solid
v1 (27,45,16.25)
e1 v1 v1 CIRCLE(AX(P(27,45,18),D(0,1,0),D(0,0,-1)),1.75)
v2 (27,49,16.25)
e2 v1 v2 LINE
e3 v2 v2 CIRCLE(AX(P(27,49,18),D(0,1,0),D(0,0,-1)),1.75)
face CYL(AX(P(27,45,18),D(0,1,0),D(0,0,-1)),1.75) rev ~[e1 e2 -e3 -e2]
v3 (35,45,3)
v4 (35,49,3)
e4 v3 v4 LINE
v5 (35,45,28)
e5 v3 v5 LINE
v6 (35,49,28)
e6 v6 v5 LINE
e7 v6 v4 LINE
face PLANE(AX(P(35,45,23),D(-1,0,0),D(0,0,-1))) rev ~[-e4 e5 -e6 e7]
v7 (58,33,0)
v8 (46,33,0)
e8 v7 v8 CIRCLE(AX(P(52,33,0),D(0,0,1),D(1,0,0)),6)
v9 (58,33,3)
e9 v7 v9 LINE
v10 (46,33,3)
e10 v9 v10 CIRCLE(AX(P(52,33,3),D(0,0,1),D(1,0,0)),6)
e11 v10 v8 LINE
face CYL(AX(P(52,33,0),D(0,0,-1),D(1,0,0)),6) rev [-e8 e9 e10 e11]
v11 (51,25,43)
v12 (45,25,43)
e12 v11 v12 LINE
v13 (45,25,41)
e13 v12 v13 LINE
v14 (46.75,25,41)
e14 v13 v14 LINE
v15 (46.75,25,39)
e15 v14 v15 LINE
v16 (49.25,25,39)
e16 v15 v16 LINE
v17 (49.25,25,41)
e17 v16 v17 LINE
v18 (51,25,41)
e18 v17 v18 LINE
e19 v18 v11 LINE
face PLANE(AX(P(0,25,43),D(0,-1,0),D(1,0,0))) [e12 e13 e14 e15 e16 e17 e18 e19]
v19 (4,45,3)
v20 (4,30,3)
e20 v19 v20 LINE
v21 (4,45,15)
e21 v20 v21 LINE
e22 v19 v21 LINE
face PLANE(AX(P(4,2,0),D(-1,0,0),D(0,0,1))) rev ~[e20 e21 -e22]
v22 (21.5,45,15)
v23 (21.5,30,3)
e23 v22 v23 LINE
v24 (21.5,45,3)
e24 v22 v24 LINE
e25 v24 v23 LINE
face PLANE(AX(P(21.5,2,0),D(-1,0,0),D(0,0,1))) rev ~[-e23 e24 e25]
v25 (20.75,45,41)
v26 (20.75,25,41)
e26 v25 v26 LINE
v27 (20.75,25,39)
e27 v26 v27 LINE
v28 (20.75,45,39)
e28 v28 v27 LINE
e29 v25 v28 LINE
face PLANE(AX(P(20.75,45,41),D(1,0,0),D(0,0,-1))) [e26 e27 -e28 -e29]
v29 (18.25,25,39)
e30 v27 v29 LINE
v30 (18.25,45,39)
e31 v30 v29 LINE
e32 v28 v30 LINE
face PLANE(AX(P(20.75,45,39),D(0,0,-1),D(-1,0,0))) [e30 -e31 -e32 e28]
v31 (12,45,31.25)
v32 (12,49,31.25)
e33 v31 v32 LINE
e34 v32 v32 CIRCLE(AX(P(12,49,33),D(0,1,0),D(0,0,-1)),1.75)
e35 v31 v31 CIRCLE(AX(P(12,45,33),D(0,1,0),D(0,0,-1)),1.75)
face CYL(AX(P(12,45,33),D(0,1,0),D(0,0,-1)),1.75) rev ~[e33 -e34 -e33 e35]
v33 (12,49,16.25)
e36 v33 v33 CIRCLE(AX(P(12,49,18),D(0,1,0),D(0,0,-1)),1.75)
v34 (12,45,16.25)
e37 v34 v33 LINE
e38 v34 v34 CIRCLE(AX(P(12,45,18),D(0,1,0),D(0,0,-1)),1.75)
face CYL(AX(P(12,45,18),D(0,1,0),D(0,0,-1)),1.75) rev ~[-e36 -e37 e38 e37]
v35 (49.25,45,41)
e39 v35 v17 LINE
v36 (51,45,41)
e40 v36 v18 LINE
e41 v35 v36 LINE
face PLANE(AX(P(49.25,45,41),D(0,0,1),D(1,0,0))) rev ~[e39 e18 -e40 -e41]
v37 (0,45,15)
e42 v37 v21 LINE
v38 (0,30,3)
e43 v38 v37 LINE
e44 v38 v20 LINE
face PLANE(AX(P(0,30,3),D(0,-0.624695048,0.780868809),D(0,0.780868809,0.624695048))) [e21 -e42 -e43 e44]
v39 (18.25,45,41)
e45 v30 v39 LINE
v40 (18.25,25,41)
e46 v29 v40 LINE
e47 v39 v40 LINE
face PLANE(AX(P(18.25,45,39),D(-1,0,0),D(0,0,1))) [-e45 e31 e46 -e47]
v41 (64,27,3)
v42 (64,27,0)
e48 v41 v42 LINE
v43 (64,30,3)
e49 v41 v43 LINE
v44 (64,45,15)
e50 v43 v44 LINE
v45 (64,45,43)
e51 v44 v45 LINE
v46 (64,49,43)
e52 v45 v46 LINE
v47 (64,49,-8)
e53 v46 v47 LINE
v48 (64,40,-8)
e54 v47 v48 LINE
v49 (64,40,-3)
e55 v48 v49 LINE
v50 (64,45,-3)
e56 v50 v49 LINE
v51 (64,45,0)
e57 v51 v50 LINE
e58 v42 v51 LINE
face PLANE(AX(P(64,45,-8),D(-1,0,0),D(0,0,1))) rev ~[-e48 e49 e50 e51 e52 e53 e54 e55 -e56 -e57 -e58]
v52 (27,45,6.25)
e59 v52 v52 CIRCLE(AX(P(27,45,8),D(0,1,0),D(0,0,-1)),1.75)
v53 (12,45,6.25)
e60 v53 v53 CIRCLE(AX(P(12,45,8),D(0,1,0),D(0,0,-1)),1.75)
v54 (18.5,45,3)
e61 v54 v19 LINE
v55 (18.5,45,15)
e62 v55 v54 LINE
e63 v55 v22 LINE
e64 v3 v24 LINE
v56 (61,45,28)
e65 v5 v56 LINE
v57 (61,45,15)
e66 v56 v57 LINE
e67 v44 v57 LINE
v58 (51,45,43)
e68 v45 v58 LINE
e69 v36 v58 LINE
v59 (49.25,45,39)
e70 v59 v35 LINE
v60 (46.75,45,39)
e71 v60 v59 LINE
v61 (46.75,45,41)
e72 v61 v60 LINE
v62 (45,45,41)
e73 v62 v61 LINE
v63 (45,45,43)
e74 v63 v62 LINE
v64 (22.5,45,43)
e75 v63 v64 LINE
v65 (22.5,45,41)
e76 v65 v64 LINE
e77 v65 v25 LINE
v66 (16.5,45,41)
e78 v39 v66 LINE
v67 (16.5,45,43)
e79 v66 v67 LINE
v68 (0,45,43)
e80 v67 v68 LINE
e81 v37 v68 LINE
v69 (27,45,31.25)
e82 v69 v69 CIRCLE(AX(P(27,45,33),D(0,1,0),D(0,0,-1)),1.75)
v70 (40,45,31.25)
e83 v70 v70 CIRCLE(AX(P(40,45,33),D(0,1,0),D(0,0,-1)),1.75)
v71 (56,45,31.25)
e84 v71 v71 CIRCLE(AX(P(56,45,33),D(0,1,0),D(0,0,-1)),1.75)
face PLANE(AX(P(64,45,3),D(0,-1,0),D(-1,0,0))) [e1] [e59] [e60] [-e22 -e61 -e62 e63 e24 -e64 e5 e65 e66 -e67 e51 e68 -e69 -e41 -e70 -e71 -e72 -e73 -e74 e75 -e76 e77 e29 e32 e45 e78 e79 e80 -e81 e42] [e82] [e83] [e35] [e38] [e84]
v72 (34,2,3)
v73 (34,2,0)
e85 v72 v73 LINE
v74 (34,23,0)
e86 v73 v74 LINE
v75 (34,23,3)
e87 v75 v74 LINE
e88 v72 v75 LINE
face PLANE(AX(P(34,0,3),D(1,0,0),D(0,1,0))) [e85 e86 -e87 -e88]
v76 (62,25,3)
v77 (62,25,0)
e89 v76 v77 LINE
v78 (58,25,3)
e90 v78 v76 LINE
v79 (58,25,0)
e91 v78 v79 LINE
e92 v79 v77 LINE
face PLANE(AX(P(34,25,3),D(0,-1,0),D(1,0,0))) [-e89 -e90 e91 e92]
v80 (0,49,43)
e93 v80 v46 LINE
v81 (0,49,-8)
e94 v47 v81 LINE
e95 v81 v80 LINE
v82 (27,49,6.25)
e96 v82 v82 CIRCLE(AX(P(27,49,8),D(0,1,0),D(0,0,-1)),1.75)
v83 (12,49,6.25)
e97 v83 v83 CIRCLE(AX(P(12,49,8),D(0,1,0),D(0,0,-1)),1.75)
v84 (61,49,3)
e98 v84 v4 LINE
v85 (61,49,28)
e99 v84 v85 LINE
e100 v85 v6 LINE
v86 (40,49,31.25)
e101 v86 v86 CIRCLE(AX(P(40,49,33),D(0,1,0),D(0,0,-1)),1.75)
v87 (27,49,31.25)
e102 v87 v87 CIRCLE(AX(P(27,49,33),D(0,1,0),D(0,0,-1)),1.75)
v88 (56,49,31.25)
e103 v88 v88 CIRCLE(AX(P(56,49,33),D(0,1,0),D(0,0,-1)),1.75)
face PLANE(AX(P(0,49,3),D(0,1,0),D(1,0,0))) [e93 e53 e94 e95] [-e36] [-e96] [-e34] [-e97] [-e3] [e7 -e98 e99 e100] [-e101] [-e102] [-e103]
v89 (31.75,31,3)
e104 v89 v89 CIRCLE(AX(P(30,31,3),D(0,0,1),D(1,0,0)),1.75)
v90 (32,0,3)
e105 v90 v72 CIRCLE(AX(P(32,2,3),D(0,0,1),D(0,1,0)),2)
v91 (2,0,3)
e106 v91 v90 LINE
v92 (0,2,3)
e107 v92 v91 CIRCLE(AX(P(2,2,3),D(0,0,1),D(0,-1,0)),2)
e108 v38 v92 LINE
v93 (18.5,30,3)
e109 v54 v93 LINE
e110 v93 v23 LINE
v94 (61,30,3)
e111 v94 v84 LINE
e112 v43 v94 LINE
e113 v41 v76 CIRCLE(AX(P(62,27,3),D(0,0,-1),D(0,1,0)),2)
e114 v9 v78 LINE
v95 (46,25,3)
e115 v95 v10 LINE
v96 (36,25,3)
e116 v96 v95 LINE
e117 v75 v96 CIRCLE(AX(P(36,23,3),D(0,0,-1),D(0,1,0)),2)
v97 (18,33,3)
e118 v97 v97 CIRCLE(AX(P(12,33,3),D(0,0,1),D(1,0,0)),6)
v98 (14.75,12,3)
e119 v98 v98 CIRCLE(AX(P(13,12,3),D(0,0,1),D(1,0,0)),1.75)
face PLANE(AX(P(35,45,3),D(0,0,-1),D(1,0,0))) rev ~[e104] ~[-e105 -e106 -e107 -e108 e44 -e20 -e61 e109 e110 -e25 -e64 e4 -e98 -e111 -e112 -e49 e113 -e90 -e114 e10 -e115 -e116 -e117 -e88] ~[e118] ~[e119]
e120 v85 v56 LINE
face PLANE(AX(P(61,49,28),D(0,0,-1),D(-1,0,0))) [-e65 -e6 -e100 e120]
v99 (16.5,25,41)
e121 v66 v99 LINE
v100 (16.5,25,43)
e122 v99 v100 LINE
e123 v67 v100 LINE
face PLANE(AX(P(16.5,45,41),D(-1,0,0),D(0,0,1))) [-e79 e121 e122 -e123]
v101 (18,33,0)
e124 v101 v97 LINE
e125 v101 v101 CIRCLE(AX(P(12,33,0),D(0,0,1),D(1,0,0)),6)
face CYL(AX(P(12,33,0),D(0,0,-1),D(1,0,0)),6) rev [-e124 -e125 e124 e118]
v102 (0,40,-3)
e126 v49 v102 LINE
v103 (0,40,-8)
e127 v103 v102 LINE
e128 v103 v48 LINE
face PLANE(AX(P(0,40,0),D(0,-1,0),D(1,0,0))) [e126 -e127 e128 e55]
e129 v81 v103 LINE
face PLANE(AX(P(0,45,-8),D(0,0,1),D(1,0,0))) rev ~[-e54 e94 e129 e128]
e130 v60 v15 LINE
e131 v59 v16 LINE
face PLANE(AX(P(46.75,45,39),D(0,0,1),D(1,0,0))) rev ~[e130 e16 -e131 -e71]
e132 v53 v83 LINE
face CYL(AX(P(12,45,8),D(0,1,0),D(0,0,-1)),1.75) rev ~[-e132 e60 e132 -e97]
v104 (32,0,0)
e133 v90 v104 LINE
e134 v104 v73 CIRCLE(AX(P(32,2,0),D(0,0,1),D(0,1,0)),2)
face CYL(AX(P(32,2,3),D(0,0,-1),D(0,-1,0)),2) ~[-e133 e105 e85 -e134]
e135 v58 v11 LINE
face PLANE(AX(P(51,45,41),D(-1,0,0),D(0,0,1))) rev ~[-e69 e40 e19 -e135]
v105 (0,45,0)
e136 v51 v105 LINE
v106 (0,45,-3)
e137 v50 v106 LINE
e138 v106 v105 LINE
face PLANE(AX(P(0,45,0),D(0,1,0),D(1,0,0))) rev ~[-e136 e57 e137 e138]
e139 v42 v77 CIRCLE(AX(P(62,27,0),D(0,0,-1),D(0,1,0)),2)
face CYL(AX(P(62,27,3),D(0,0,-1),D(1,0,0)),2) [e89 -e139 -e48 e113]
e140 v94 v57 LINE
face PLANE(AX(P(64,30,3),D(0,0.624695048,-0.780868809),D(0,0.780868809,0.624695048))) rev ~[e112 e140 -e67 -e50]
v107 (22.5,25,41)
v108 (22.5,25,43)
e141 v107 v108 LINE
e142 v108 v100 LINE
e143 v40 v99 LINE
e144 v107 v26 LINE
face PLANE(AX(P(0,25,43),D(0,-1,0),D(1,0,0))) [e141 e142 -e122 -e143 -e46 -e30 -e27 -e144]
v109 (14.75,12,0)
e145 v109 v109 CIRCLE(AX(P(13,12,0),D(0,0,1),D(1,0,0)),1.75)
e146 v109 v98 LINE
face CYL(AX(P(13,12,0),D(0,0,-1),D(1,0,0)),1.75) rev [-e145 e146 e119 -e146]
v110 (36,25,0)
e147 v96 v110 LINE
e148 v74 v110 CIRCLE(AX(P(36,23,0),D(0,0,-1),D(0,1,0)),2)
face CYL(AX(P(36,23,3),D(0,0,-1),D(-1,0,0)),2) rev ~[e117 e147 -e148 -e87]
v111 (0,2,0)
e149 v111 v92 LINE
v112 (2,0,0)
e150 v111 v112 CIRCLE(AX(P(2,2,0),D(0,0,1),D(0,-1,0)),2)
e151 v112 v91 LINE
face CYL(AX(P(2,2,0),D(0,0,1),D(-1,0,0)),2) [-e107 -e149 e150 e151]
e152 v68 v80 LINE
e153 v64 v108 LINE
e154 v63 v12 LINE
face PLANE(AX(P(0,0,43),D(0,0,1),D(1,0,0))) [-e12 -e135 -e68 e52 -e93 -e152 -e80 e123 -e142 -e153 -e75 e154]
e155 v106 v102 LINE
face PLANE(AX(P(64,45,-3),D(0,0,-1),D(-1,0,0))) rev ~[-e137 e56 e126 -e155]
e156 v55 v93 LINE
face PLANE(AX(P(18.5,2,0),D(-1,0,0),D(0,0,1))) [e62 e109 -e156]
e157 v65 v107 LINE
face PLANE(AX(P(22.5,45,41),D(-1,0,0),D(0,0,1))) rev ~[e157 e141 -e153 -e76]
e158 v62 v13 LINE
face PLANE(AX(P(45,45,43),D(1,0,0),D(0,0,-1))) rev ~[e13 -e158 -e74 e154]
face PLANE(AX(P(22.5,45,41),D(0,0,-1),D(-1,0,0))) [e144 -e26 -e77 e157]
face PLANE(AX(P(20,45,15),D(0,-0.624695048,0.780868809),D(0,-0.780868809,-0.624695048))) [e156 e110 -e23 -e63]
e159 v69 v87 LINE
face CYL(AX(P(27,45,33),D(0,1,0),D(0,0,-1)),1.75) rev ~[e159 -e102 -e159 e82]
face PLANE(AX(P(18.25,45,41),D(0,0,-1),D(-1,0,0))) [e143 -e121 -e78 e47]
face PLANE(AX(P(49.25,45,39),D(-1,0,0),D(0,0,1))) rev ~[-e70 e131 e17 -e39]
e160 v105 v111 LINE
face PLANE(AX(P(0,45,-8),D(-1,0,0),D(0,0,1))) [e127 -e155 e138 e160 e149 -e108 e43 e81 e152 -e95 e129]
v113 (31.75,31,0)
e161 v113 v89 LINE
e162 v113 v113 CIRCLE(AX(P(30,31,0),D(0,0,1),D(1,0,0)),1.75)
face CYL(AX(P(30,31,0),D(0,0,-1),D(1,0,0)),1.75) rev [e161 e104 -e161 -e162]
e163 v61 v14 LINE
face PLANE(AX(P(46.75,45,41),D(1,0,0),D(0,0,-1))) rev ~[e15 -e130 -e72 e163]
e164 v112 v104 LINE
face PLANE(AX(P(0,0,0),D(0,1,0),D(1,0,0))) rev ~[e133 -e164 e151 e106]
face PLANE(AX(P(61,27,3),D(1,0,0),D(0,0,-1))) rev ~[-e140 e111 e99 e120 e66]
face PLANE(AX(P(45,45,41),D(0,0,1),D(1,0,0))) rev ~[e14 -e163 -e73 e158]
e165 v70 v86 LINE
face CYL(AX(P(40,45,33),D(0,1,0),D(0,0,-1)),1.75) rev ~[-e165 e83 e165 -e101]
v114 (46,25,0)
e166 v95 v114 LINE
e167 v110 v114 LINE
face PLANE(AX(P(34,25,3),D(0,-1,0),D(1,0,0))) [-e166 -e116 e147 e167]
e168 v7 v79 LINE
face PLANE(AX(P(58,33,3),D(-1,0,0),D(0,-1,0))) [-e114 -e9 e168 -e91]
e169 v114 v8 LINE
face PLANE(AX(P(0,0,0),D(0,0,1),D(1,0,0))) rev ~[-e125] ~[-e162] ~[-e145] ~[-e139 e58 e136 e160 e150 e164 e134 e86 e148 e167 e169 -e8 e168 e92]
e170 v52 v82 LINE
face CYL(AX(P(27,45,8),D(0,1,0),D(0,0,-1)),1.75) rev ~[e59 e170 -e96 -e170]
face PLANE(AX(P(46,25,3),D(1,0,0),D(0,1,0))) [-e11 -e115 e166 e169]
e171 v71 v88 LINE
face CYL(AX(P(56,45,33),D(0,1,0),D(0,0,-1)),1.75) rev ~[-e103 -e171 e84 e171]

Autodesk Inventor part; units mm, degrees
ref_plane "YZ Plane" through (0, 0, 0) normal (1, 0, 0) x (0, 1, 0)
ref_plane "XZ Plane" through (0, 0, 0) normal (0, 1, 0) x (-1, 0, 0)
sketch "Sketch1" plane through (0, 0, 0) normal (0, 0, 1) x (1, 0, 0)
  line L0 (0, 0) -> (64, 0)
  line L1 (64, 0) -> (64, 45)
  line L2 (64, 45) -> (0, 45)
  line L3 (0, 45) -> (0, 0)
  circle A0 centre (12, 33) radius 6
  circle A1 centre (52, 33) radius 6
  circle A2 centre (30, 31) radius 1.75
  circle A3 centre (13, 12) radius 1.75
  dimension "d0" = 64
  dimension "d1" = 45
  dimension "d2" = 12
  dimension "d3" = 12
  dimension "d4" = 12
  dimension "d5" = 12
  dimension "d6" = 3.5
  dimension "d7" = 30
  dimension "d8" = 14
  dimension "d9" = 3.5
  dimension "d10" = 13
  dimension "d11" = 33
extrude "Extrusion1" add sketch "Sketch1" along normal blind 3
sketch "Sketch2" plane through (0, 0, 3) normal (0, 0, 1) x (1, 0, 0)
  line L0 (0, 0) -> (64, 0) projected
  line L1 (64, 0) -> (34, 0)
  line L2 (34, 0) -> (34, 25)
  line L3 (34, 25) -> (64, 25)
  line L4 (64, 25) -> (64, 0)
  dimension "d14" = 30
  dimension "d15" = 25
extrude "Extrusion2" cut sketch "Sketch2" against normal blind 3
fillet "Fillet1" radius 2 4 edges at (34, 25, 1.5) (64, 25, 1.5) (34, 0, 1.5) (0, 0, 1.5)
sketch "Sketch5" plane through (0, 45, 0) normal (0, 1, 0) x (1, 0, 0)
  line L0 (64, -3) -> (0, -3) projected
  line L1 (0, -3) -> (64, -3)
  line L2 (64, -3) -> (64, 8)
  line L3 (64, 8) -> (0, 8)
  line L4 (0, 8) -> (0, -3)
  point P0 (0, 0)
  dimension "d20" = 11
  dimension "d21" = 64
extrude "Extrusion3" add sketch "Sketch5" along normal blind 4
sketch "Sketch6" plane through (0, 0, 3) normal (0, 0, 1) x (1, 0, 0)
  line L0 (0, 49) -> (64, 49) projected
  line L1 (64, 27) -> (64, 49) projected
  line L2 (0, 49) -> (64, 49)
  line L3 (64, 49) -> (64, 45)
  line L4 (64, 45) -> (0, 45)
  line L5 (0, 45) -> (0, 49)
  point P0 (0, 0)
  dimension "d24" = 4
extrude "Extrusion4" add sketch "Sketch6" along normal blind 40
sketch "Sketch7" plane through (0, 45, 3) normal (0, -1, 0) x (1, 0, 0)
  line L0 (61, 20) -> (35, 20)
  line L1 (35, 20) -> (35, 0)
  line L2 (35, 0) -> (61, 0)
  line L3 (61, 0) -> (61, 20)
  line L4 (0, 40) -> (64, 40) projected
  line L5 (64, 0) -> (64, 40) projected
  point P0 (0, -3)
  dimension "d27" = 20
  dimension "d28" = 3
  dimension "d29" = 20
  dimension "d30" = 26
extrude "Extrusion5" cut sketch "Sketch7" against normal blind 40
sketch "Sketch8" plane through (0, 45, 43) normal (0, -1, 0) x (1, 0, 0)
  line L0 (35, -20) -> (61, -20) projected
  line L1 (61, -20) -> (61, -40) projected
  line L2 (35, -40) -> (35, -20) projected
  line L3 (35, -40) -> (0, -40) projected
  point P0 (0, -43)
  point P1 (56, -10)
  point P2 (40, -10)
  point P3 (27, -25)
  point P4 (27, -35)
  point P5 (12, -35)
  point P6 (12, -25)
  point P7 (12, -10)
  point P8 (27, -10)
  dimension "d33" = 10
  dimension "d34" = 10
  dimension "d35" = 5
  dimension "d36" = 5
  dimension "d37" = 5
  dimension "d38" = 8
  dimension "d39" = 8
  dimension "d40" = 5
  dimension "d63" = 15
hole "Hole1" at (56, 45, 33) at (40, 45, 33) at (27, 45, 18) at (27, 45, 8) at (12, 45, 8) at (12, 45, 18) at (12, 45, 33) at (27, 45, 33) direction (0, 1, 0) diameter 3.5 end through all
sketch "Sketch10" plane through (0, 2, 0) normal (-1, 0, 0) x (0, 0, 1)
  line L0 (3, 28) -> (15, 43)
  line L1 (3, 43) -> (43, 43) projected
  line L2 (3, 43) -> (3, 28)
  line L3 (3, 37) -> (3, 25) projected
  line L4 (3, 43) -> (15, 43)
  point P0 (0, -2)
  dimension "d48" = 15
  dimension "d49" = 12
extrude "Extrusion6" add sketch "Sketch10" against normal blind 4
sketch "Sketch11" plane through (64, 27, 3) normal (1, 0, 0) x (0, 0, -1)
  line L0 (0, 0) -> (0, 12) projected
  line L1 (0, 3) -> (0, 18)
  line L2 (0, 18) -> (-12, 18)
  line L3 (0, 18) -> (-20, 18) projected
  line L4 (0, 3) -> (-12, 18)
  point P0 (3, -27)
  dimension "d52" = 12
  dimension "d53" = 15
extrude "Extrusion7" add sketch "Sketch11" against normal blind 3
ref_plane "Work Plane1" through (20, 2, 0) normal (-1, 0, 0) x (0, 0, 1)
sketch "Sketch12" plane through (20, 2, 0) normal (-1, 0, 0) x (0, 0, 1)
  line L0 (3, 43) -> (3, 28) projected
  line L1 (3, 43) -> (3, 28)
  line L2 (15, 43) -> (3, 28) projected
  line L3 (3, 28) -> (15, 43)
  line L4 (15, 43) -> (3, 43)
  point P0 (0, -2)
extrude "Extrusion8" add sketch "Sketch12" along normal mid plane 3
sketch "Sketch13" plane through (0, 45, 0) normal (0, -1, 0) x (1, 0, 0)
  line L0 (0, -8) -> (0, 0) projected
  line L1 (64, -8) -> (64, 43) projected
  line L2 (0, -8) -> (64, -8)
  line L3 (64, -8) -> (64, -3)
  line L4 (64, -3) -> (0, -3)
  line L5 (0, -3) -> (0, -8)
  dimension "d59" = 5
extrude "Extrusion9" add sketch "Sketch13" along normal blind 5
sketch "Sketch14" plane through (0, 45, 43) normal (0, -1, 0) x (1, 0, 0)
  line L0 (64, 0) -> (0, 0) projected
  line L1 (16.5, 0) -> (22.5, 0)
  line L2 (22.5, -2) -> (22.5, 0)
  line L3 (22.5, -2) -> (20.75, -2)
  line L4 (20.75, -2) -> (20.75, -4)
  line L5 (20.75, -4) -> (18.25, -4)
  line L6 (18.25, -4) -> (18.25, -2)
  line L7 (18.25, -2) -> (16.5, -2)
  line L8 (16.5, -2) -> (16.5, 0)
  line L9 (45, 0) -> (45, -2)
  line L10 (45, -2) -> (46.75, -2)
  line L11 (46.75, -2) -> (46.75, -4)
  line L12 (46.75, -4) -> (49.25, -4)
  line L13 (49.25, -4) -> (49.25, -2)
  line L14 (49.25, -2) -> (51, -2)
  line L15 (51, -2) -> (51, 0)
  line L16 (45, 0) -> (51, 0)
  point P0 (0, -43)
  dimension "d64" = 2
  dimension "d65" = 2.5
  dimension "d66" = 6
  dimension "d67" = 2.5
  dimension "d68" = 6
  dimension "d70" = 2
  dimension "d72" = 16.5
  dimension "d73" = 13
extrude "Extrusion10" add sketch "Sketch14" along normal blind 20
sketch "Sketch16" plane through (0, 49, 0) normal (0, 1, 0) x (1, 0, 0)
  line L0 (35, -23) -> (61, -23)
  line L1 (61, -23) -> (61, -28)
  line L2 (61, -28) -> (35, -28)
  line L3 (35, -28) -> (35, -23)
  point P0 (0, 0)
  dimension "d86" = 26
  dimension "d87" = 5
extrude "Extrusion12" cut sketch "Sketch16" against normal blind 10
sketch "Sketch17" plane through (0, 0, 3) normal (0, 0, 1) x (1, 0, 0)
  circle A0 centre (52, 33) radius 6 projected
  line L0 (62, 25) -> (36, 25) projected
  line L1 (46, 33) -> (58, 33)
  line L2 (58, 33) -> (58, 25)
  line L3 (58, 25) -> (46, 25)
  line L4 (46, 25) -> (46, 33)
  point P0 (0, 0)
extrude "Extrusion13" cut sketch "Sketch17" against normal blind 10 contours L2 L0 L4 A0 | A0 L1 picked at (51.2908, 31.13)
equation "\"d3\" = d2"
equation "\"d6\" = d9"
equation "\"d34\" = d33"
equation "\"d36\" = d35"
equation "\"d39\" = d38"
equation "\"d40\" = d37"
equation "\"d67\" = d65"
properties part number "PLACA_BASE"
